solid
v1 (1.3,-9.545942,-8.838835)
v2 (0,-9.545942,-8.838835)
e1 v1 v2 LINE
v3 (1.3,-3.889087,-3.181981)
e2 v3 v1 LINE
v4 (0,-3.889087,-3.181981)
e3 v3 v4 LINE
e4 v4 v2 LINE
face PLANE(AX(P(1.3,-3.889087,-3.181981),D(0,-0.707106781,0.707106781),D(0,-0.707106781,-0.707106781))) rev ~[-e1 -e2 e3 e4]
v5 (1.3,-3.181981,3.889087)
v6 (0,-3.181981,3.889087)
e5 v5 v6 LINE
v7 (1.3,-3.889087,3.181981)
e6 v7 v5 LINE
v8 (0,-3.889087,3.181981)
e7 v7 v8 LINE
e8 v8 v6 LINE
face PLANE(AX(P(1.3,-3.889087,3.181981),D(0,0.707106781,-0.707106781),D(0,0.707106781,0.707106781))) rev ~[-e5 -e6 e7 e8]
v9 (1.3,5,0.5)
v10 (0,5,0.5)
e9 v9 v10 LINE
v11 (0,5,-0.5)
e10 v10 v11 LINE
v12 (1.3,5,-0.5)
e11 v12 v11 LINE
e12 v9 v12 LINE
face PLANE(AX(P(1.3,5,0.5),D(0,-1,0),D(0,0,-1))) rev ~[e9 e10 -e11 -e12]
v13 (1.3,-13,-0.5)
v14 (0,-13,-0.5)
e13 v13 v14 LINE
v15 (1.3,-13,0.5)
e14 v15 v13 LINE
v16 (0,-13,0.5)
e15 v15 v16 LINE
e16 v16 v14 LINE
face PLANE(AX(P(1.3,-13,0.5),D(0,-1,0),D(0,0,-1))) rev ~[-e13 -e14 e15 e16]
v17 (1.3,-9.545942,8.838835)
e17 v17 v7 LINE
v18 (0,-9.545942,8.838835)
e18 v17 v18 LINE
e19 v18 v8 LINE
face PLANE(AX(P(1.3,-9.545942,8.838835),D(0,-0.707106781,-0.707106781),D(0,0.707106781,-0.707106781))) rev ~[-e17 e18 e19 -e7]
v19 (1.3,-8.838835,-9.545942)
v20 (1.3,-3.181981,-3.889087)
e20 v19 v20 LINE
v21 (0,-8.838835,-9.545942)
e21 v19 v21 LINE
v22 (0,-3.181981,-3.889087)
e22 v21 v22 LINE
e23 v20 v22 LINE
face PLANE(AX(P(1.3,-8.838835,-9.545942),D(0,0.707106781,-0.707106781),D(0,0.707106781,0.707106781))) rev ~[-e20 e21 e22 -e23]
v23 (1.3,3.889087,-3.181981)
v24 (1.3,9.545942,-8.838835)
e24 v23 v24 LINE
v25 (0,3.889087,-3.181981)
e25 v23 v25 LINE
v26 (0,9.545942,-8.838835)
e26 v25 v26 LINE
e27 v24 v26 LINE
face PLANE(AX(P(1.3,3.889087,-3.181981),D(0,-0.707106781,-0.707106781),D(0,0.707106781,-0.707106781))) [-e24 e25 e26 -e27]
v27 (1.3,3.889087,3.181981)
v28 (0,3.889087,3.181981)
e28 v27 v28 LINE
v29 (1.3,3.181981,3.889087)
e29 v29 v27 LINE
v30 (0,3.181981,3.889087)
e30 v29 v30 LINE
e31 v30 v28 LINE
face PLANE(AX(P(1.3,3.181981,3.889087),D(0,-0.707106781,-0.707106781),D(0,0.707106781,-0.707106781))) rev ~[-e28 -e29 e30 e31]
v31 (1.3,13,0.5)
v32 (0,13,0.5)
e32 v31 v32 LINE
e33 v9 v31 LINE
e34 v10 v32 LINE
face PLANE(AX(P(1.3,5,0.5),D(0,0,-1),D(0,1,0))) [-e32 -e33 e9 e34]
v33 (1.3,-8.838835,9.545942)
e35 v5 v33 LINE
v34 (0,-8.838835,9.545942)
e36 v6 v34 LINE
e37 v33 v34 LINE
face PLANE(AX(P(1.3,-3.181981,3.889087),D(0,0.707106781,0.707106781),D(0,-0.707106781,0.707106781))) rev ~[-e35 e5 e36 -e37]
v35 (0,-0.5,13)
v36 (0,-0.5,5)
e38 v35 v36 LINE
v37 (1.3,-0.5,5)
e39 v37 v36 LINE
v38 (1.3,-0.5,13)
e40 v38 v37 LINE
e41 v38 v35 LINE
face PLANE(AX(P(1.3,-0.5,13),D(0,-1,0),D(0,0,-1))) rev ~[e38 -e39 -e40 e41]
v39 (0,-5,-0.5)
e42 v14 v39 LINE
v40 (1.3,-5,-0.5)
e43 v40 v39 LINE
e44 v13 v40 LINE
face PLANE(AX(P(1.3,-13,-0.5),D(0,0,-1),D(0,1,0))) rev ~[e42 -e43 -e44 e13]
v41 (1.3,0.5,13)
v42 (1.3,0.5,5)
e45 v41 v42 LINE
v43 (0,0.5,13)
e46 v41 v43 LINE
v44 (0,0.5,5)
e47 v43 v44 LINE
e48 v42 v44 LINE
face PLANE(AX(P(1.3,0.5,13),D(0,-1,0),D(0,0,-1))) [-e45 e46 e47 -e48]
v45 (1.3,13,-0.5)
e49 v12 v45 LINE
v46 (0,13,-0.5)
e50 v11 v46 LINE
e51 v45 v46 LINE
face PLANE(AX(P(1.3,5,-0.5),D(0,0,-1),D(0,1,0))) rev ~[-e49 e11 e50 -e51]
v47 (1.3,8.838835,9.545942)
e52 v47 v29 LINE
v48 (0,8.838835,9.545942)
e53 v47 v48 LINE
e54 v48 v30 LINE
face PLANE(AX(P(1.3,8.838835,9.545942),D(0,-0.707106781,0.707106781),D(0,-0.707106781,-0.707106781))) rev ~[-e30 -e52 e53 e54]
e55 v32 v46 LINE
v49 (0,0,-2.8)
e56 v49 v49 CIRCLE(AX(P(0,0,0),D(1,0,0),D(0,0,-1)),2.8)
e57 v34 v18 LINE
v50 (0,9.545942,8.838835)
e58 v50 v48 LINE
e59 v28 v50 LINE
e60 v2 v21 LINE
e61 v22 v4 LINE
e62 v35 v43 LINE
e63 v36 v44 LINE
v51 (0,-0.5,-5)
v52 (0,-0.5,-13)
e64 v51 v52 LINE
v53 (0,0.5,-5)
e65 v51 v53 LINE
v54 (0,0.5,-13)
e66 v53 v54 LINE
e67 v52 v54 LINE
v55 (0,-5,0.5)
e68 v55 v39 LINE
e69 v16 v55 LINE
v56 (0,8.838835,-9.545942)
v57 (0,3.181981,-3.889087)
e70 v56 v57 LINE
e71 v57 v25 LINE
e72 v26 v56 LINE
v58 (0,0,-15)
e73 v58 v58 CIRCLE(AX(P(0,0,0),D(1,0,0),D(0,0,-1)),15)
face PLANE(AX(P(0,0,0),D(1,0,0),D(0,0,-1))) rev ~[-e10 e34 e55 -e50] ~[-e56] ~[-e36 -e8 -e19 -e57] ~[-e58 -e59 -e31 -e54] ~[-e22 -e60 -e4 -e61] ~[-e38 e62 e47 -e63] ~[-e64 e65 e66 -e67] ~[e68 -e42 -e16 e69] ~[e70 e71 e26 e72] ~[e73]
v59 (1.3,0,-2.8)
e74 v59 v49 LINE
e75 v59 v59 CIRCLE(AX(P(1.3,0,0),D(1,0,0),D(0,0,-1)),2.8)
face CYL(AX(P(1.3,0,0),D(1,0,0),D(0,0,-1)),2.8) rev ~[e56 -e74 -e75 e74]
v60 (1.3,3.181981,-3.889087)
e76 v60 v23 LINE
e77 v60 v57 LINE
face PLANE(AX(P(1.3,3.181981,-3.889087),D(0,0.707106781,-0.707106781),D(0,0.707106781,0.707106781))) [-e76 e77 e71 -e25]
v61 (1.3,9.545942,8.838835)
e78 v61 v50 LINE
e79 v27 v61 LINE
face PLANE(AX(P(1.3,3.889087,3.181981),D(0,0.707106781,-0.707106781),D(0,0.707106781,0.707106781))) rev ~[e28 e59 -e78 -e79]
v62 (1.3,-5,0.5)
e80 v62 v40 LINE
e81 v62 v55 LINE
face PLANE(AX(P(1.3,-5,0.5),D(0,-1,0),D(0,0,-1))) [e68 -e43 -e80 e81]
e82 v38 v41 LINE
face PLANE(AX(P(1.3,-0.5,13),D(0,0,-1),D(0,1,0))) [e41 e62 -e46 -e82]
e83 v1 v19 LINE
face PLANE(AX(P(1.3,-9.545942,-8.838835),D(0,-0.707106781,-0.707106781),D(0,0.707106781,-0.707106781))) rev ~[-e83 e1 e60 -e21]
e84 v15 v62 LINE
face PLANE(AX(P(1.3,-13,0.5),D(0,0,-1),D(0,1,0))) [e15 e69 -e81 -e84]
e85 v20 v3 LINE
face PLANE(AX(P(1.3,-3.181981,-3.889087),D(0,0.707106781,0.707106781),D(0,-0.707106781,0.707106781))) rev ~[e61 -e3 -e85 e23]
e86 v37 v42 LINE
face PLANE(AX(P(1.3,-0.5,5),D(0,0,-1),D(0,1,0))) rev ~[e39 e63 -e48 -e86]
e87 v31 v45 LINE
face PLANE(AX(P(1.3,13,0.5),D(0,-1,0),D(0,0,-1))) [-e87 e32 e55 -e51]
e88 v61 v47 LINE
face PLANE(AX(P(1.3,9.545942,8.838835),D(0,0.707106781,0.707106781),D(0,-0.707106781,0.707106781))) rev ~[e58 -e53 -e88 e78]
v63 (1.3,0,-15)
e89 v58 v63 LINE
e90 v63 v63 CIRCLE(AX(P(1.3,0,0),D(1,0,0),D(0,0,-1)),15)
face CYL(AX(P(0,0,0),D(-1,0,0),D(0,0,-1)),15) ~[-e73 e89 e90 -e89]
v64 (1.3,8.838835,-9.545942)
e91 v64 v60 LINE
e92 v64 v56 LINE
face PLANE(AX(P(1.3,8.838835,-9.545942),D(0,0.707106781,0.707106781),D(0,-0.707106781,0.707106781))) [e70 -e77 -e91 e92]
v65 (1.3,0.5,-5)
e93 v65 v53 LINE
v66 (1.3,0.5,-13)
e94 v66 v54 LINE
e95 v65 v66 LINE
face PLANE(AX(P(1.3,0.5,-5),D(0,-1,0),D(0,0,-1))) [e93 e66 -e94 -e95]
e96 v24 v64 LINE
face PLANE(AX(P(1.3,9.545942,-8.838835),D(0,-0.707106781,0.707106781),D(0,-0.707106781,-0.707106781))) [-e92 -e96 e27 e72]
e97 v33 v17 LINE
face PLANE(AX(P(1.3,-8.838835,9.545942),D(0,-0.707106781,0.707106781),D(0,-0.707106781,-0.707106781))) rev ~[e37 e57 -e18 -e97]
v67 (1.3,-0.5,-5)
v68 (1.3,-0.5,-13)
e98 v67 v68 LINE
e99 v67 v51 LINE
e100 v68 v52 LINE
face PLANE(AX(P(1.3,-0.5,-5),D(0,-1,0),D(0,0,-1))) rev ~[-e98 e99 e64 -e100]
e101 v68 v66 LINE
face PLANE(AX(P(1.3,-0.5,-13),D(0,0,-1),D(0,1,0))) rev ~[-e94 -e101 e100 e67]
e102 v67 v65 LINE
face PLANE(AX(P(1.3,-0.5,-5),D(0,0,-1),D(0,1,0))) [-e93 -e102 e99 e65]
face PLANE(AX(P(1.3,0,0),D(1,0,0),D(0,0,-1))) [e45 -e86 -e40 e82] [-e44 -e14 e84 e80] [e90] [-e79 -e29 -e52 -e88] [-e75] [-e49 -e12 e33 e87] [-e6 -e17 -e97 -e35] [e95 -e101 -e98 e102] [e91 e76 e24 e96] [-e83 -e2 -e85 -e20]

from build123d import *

# Parameters (mm, degrees)
SKETCH1_R           = 15
BOSS_EXTRUDE1_DEPTH = 1.3
SKETCH2_R           = 2.8
CUT_EXTRUDE1_DEPTH  = 22.252999788
SKETCH3_W           = 1
SKETCH3_H           = 8
SKETCH3_W_2         = 8
SKETCH3_H_2         = 1
CUT_EXTRUDE2_DEPTH  = 22.252999788


with BuildPart() as part:
    # Sketch1 → Boss-Extrude1 (new body)
    with BuildSketch(Plane(origin=(0, 0, 0), x_dir=(0, 0, -1), z_dir=(1, 0, 0))):
        Circle(SKETCH1_R)
    extrude(amount=BOSS_EXTRUDE1_DEPTH)

    # Sketch2 → Cut-Extrude1 (cut, through all)
    with BuildSketch(Plane(origin=(1.3, 0, 0), x_dir=(0, 0, -1), z_dir=(1, 0, 0))):
        Circle(SKETCH2_R)
    extrude(amount=-CUT_EXTRUDE1_DEPTH, mode=Mode.SUBTRACT)

    # Sketch3 → Cut-Extrude2 (cut, through all)
    with BuildSketch(Plane(origin=(1.3, 0, 0), x_dir=(0, 0, -1), z_dir=(1, 0, 0))):
        Polygon((-8.838834765, -9.545941546), (-3.181980515, -3.889087297), (-3.889087297, -3.181980515), (-9.545941546, -8.838834765), align=None)
        Polygon((9.545941546, -8.838834765), (3.889087297, -3.181980515), (3.181980515, -3.889087297), (8.838834765, -9.545941546), align=None)
        Polygon((-9.545941546, 8.838834765), (-3.889087297, 3.181980515), (-3.181980515, 3.889087297), (-8.838834765, 9.545941546), align=None)
        Polygon((9.545941546, 8.838834765), (3.889087297, 3.181980515), (3.181980515, 3.889087297), (8.838834765, 9.545941546), align=None)
        with Locations((0, 9)):
            Rectangle(SKETCH3_W, SKETCH3_H)
        with Locations((9, 0)):
            Rectangle(SKETCH3_W_2, SKETCH3_H_2)
        with Locations((0, -9)):
            Rectangle(SKETCH3_W, SKETCH3_H)
        with Locations((-9, 0)):
            Rectangle(SKETCH3_W_2, SKETCH3_H_2)
    extrude(amount=-CUT_EXTRUDE2_DEPTH, mode=Mode.SUBTRACT)


solid = part.part
